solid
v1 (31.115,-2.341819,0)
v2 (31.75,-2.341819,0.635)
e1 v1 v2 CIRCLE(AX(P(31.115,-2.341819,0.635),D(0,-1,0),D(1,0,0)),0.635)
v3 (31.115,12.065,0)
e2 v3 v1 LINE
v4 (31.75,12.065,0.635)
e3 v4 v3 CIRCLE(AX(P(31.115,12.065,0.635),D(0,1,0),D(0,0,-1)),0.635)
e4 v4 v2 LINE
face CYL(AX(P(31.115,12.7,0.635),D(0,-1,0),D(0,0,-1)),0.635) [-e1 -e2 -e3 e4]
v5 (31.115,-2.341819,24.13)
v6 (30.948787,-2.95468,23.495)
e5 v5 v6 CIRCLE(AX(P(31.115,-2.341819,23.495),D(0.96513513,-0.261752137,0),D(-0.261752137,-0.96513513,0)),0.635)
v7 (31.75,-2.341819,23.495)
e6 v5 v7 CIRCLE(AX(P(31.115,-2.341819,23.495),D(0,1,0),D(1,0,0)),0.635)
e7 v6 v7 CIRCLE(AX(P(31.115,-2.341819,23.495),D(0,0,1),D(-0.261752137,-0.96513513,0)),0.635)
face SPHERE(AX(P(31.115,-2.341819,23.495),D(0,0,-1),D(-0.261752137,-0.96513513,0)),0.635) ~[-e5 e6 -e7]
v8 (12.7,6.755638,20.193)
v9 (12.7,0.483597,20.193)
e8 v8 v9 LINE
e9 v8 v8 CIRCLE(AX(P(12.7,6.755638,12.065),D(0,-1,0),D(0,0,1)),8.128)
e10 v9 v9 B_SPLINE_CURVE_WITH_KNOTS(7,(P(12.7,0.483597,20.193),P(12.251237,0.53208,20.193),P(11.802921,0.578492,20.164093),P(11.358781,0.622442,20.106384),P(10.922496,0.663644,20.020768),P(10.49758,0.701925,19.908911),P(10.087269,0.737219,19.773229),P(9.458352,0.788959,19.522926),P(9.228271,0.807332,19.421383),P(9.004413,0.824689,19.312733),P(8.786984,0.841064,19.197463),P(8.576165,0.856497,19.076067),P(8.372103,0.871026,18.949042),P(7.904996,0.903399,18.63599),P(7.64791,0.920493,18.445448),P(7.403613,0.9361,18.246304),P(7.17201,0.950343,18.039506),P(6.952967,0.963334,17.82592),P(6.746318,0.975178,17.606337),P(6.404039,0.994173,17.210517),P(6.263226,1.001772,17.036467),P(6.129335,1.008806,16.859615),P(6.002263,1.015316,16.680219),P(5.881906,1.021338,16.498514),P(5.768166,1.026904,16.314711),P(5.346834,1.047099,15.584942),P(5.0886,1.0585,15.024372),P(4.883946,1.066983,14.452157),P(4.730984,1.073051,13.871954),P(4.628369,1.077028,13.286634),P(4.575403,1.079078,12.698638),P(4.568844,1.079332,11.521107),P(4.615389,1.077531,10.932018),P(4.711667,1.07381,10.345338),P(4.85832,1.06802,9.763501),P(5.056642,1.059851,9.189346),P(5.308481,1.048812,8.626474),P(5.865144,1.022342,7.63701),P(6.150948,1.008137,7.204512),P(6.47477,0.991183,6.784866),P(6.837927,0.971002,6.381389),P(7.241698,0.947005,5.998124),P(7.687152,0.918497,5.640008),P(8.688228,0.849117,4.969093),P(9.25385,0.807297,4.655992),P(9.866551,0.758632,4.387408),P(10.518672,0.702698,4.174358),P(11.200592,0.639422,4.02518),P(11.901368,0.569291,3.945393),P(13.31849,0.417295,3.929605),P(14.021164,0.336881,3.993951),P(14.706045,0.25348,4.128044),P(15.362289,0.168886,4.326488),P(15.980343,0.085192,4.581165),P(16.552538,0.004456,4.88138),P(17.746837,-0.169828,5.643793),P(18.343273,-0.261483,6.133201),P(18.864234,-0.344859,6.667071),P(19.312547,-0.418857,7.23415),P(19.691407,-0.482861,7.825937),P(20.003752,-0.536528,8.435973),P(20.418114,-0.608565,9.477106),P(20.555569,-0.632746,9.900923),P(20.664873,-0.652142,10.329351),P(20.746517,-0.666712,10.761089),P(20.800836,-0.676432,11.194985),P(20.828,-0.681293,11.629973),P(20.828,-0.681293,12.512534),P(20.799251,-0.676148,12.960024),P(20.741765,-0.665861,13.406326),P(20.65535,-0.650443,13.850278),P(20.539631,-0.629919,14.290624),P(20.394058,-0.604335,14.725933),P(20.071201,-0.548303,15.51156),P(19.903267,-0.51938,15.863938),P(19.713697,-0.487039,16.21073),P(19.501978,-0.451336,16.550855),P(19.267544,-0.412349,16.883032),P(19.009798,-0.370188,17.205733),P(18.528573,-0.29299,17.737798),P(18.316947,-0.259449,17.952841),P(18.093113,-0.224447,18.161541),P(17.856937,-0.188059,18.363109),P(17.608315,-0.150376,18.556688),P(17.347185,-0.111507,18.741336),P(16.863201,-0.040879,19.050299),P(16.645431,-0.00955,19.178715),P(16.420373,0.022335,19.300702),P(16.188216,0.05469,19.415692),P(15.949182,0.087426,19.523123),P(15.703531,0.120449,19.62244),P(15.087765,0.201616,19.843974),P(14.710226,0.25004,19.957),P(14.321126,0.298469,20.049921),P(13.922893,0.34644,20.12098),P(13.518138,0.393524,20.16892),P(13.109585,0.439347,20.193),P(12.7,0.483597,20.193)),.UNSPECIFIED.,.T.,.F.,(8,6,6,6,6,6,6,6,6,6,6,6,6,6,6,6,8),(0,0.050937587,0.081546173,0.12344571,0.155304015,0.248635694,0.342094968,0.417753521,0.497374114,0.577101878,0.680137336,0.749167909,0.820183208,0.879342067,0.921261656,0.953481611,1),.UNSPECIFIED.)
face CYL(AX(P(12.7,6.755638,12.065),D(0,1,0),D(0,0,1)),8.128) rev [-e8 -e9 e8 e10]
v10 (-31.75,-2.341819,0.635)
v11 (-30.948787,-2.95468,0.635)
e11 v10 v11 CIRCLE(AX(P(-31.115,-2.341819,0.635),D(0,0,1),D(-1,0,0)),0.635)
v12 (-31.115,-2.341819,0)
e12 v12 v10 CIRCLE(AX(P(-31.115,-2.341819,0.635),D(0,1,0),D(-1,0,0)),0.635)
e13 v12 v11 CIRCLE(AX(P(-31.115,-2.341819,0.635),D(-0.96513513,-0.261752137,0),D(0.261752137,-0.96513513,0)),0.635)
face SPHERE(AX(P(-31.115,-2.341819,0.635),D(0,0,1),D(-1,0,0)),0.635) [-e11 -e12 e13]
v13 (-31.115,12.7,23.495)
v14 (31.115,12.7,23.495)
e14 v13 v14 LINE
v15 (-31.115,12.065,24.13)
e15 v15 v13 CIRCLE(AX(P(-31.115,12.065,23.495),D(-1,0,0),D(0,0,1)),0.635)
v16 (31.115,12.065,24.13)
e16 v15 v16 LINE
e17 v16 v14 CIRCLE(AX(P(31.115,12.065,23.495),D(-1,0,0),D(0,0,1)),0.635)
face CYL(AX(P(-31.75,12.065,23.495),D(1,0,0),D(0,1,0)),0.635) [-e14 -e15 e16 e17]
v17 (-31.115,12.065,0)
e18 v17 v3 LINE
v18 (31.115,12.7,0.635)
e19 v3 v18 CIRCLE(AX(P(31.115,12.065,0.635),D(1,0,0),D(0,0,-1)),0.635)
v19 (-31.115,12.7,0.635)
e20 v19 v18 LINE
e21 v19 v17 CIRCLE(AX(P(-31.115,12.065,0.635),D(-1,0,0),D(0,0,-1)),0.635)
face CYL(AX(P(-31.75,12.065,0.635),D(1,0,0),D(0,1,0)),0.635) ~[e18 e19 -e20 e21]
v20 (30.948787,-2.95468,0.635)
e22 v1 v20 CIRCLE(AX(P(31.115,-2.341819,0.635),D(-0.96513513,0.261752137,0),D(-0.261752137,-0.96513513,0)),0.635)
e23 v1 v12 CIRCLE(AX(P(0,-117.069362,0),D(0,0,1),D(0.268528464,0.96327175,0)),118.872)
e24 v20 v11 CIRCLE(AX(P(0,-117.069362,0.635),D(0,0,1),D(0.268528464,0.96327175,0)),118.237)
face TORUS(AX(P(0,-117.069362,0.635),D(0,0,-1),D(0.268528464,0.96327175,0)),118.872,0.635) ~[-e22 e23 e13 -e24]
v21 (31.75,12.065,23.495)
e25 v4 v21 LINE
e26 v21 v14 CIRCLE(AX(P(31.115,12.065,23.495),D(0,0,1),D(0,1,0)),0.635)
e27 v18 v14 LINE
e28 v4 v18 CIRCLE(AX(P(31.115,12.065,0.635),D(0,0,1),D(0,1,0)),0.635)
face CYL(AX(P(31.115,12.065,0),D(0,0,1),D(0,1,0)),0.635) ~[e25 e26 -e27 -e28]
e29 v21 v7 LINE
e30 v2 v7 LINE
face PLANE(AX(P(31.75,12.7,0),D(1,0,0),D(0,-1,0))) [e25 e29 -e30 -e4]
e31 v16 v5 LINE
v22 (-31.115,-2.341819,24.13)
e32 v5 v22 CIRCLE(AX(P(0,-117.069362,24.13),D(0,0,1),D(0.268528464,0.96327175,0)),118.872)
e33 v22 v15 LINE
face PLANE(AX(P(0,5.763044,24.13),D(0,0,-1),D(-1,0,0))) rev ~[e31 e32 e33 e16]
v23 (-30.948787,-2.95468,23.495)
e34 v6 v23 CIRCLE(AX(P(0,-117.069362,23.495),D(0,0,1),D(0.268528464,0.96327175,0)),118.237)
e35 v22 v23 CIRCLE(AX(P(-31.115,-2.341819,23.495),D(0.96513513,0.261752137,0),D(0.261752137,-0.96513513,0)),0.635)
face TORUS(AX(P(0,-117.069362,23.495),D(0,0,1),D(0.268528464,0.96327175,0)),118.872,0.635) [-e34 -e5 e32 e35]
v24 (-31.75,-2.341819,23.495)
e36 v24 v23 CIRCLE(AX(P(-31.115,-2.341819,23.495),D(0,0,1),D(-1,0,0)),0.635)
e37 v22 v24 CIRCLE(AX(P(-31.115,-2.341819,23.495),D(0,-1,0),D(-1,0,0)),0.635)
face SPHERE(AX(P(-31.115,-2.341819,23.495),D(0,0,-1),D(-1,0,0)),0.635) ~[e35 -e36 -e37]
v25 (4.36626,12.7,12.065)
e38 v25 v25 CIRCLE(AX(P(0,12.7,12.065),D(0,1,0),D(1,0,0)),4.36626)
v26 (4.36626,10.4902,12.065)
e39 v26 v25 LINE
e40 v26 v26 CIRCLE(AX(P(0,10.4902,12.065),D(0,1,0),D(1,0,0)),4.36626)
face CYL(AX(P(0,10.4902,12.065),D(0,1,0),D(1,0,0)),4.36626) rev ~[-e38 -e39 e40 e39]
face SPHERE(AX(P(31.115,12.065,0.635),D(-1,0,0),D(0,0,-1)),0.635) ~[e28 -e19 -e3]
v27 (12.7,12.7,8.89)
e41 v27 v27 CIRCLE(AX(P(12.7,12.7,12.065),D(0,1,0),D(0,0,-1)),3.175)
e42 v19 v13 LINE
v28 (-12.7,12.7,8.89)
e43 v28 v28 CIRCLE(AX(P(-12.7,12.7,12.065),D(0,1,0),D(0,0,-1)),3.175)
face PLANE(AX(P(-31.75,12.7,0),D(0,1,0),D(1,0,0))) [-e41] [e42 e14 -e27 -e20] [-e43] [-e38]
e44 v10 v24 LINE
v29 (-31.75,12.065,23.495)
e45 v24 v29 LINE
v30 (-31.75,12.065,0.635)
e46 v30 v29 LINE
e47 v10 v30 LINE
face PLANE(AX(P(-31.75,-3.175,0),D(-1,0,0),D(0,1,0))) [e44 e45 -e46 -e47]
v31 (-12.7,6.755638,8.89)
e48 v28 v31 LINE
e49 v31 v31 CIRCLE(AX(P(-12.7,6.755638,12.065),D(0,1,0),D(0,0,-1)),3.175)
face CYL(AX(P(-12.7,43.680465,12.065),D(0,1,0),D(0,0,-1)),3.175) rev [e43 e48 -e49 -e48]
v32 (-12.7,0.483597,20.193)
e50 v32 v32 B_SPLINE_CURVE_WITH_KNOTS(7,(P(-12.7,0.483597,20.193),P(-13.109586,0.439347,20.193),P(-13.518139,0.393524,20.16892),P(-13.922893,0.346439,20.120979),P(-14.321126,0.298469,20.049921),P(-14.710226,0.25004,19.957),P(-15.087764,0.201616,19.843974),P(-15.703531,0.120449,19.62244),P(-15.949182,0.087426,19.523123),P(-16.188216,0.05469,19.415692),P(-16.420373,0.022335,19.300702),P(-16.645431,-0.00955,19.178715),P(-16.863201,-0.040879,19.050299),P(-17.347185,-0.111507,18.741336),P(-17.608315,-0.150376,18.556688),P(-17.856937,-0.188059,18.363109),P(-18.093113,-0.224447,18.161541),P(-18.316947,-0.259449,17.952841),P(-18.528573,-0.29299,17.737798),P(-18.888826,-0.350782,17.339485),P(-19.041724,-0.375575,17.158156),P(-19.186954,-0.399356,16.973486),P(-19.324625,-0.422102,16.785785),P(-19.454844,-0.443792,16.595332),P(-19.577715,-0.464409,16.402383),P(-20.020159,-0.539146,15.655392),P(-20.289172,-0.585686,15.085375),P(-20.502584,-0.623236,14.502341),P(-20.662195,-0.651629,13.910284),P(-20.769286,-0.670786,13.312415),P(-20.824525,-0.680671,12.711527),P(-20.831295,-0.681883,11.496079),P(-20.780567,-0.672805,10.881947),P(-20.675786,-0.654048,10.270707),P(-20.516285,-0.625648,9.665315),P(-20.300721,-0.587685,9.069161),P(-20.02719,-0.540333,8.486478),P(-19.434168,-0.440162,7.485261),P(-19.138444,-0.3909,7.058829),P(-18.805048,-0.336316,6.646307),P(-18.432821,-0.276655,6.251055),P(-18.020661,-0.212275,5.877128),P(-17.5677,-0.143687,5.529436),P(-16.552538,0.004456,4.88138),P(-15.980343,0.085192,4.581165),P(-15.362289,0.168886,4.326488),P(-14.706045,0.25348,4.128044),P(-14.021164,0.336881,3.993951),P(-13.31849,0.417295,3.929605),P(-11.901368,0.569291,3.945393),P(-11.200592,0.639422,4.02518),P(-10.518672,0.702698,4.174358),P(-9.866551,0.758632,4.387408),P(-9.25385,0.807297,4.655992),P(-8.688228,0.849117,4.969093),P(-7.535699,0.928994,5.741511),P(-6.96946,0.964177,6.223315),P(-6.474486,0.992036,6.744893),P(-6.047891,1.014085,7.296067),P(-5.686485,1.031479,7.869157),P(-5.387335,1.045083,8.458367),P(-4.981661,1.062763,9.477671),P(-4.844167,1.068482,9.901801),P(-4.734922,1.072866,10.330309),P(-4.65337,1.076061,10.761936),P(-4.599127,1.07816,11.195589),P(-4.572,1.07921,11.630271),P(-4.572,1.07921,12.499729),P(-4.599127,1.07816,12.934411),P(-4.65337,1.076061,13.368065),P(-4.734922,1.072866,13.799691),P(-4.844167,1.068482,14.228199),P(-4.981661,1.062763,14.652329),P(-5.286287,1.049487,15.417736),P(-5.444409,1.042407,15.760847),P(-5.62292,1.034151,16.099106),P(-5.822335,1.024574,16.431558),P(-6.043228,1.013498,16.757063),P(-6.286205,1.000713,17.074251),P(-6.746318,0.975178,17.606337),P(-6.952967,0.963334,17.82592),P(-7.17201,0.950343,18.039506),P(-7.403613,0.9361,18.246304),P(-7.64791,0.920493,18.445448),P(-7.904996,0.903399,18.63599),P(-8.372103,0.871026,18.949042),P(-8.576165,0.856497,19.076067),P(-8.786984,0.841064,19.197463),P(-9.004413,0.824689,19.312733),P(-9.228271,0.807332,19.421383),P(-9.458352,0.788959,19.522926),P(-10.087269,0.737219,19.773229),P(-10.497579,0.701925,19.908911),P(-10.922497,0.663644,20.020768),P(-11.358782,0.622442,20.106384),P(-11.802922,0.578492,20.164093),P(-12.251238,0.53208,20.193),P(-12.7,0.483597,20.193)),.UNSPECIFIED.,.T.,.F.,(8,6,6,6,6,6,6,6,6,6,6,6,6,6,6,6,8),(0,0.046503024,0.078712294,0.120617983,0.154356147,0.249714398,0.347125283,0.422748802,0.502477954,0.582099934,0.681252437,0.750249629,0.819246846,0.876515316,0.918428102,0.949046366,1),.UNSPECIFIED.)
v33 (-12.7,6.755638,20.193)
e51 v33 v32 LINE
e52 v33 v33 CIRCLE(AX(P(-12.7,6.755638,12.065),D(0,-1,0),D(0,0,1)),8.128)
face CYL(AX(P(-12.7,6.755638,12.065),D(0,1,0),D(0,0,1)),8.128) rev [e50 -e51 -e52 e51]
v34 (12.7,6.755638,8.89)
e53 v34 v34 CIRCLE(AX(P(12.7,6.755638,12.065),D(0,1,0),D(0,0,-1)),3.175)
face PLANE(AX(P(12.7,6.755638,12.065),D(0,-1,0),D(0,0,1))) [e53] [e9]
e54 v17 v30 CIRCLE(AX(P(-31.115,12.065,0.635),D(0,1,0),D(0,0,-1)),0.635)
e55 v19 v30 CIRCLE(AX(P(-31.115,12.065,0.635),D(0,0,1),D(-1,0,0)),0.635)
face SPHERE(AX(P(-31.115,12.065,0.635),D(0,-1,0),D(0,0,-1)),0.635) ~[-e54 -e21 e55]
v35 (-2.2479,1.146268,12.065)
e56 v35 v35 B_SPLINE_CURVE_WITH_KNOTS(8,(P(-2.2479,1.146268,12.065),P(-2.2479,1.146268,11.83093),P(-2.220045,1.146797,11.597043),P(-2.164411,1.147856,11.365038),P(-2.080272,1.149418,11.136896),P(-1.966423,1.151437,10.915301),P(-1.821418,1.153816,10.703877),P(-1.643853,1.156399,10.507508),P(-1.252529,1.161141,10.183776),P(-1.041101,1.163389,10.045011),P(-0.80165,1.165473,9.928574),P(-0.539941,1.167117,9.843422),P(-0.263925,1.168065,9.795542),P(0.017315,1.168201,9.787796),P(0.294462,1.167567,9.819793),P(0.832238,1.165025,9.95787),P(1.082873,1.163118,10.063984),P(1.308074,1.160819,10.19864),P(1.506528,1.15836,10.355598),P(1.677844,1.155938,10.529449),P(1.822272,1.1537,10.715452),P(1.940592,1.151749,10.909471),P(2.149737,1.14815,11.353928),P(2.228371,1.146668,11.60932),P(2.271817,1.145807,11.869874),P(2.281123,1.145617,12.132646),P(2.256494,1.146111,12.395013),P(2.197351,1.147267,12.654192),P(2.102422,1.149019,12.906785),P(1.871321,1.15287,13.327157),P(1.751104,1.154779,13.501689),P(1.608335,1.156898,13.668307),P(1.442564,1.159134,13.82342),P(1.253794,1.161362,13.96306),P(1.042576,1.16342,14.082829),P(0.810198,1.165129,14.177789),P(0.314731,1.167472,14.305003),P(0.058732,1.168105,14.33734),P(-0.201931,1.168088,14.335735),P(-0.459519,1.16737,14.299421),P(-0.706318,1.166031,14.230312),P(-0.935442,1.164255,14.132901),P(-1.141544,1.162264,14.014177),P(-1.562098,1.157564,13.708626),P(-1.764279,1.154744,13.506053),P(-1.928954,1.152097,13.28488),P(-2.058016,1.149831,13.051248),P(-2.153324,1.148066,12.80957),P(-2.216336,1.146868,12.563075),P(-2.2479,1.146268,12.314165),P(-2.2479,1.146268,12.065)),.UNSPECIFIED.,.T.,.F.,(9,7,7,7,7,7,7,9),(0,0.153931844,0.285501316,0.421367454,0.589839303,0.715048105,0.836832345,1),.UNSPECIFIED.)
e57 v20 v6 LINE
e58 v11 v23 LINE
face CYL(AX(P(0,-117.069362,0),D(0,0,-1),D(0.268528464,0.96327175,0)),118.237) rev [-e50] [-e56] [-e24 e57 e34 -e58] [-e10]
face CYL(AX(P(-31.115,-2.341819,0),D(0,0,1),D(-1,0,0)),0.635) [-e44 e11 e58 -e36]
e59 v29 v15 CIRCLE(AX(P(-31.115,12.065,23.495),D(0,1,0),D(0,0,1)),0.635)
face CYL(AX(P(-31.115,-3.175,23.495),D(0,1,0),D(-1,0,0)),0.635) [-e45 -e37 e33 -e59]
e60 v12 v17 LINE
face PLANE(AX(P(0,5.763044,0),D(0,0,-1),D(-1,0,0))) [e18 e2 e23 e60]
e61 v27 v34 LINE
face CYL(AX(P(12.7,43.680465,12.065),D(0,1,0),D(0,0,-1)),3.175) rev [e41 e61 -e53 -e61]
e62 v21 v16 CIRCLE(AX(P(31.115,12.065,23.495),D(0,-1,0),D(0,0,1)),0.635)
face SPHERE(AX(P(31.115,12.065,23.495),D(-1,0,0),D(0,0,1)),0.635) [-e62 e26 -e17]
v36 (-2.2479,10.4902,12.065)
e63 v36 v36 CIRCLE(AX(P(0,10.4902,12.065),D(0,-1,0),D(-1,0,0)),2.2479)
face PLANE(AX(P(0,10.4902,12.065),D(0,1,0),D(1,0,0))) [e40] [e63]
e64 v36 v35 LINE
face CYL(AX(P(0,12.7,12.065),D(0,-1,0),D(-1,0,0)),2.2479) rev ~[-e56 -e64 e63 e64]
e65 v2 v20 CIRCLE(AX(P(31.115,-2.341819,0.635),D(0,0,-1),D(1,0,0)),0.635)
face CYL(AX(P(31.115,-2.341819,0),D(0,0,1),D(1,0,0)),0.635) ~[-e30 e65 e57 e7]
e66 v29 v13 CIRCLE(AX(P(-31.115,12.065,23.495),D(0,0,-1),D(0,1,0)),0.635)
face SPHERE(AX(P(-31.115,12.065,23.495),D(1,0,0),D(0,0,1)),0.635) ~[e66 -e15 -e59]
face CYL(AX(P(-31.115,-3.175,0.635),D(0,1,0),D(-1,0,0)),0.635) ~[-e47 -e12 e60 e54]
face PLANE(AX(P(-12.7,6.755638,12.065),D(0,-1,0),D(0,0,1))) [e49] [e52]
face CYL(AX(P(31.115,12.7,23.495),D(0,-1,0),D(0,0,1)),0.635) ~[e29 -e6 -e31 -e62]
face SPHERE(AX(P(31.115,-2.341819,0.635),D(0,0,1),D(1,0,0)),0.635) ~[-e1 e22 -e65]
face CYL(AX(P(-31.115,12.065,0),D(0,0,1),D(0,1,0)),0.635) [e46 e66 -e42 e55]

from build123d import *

# Parameters (mm, degrees)
BOSS_EXTRUDE1_DEPTH                            = 24.13
CBORE_FOR_8_BUTTON_HEAD_CAP_SCREW1_D           = 4.4958
CBORE_FOR_8_BUTTON_HEAD_CAP_SCREW1_CBORE_D     = 8.73252
CBORE_FOR_8_BUTTON_HEAD_CAP_SCREW1_CBORE_DEPTH = 2.2098
CUT_EXTRUDE1_DEPTH                             = 42.512826714
CUT_EXTRUDE1_DEPTH_BACK                        = 42.512826714
SKETCH6_R                                      = 3.175
CUT_EXTRUDE2_DEPTH                             = 42.512826714
CUT_EXTRUDE2_DEPTH_BACK                        = 5.588
SKETCH7_R                                      = 8.128
FILLET1_R                                      = 0.635


with BuildPart() as part:
    # Sketch1 → Boss-Extrude1 (new body)
    with BuildSketch(Plane.XY):
        with BuildLine():
            Line((-31.75, 12.7), (31.75, 12.7))
            Line((31.75, 12.7), (31.75, -3.175))
            ThreePointArc((31.75, -3.175), (0, 1.167638116), (-31.75, -3.175))
            Line((-31.75, -3.175), (-31.75, 12.7))
        make_face()
    extrude(amount=BOSS_EXTRUDE1_DEPTH)

    # CBORE for #8 Button Head Cap Screw1 (through all)
    with Locations(Plane(origin=(0, 12.7, 0), x_dir=(1, 0, 0), z_dir=(0, 1, 0))):
        with Locations((0, -12.065)):
            CounterBoreHole(CBORE_FOR_8_BUTTON_HEAD_CAP_SCREW1_D / 2, CBORE_FOR_8_BUTTON_HEAD_CAP_SCREW1_CBORE_D / 2, CBORE_FOR_8_BUTTON_HEAD_CAP_SCREW1_CBORE_DEPTH)

    # Sketch6 → Cut-Extrude1 (cut, two sides: drawn at the far end of the back side and taken through both)
    with BuildSketch(Plane(origin=(0, 1.167638116, 0), x_dir=(-1, 0, 0), z_dir=(0, -1, 0)).offset(-CUT_EXTRUDE1_DEPTH_BACK)):
        with Locations(Location((12.7, -12.065, 0), (0, 0, 90))):
            Circle(SKETCH6_R)
        with Locations(Location((-12.7, -12.065, 0), (0, 0, 90))):
            Circle(SKETCH6_R)
    extrude(amount=CUT_EXTRUDE1_DEPTH + CUT_EXTRUDE1_DEPTH_BACK, mode=Mode.SUBTRACT)

    # Sketch7 → Cut-Extrude2 (cut, two sides: drawn at the far end of the back side and taken through both)
    with BuildSketch(Plane(origin=(0, 1.167638116, 0), x_dir=(-1, 0, 0), z_dir=(0, -1, 0)).offset(-CUT_EXTRUDE2_DEPTH_BACK)):
        with Locations(Location((12.7, -12.065, 0), (0, 0, 270))):
            Circle(SKETCH7_R)
        with Locations(Location((-12.7, -12.065, 0), (0, 0, 270))):
            Circle(SKETCH7_R)
    extrude(amount=CUT_EXTRUDE2_DEPTH + CUT_EXTRUDE2_DEPTH_BACK, mode=Mode.SUBTRACT)

    # Fillet1
    fillet1_edges = [part.edges().sort_by_distance(p)[0] for p in [
        (0, 12.7, 24.13),
        (-31.75, 4.7625, 24.13),
        (0, 1.167638116, 24.13),
        (-31.75, 4.7625, 0),
        (0, 12.7, 0),
        (31.75, 4.7625, 0),
        (0, 1.167638116, 0),
        (31.75, 4.7625, 24.13),
        (-31.75, -3.175, 12.065),
        (-31.75, 12.7, 12.065),
        (31.75, 12.7, 12.065),
        (31.75, -3.175, 12.065),
    ]]
    fillet(fillet1_edges, radius=FILLET1_R)


solid = part.part
